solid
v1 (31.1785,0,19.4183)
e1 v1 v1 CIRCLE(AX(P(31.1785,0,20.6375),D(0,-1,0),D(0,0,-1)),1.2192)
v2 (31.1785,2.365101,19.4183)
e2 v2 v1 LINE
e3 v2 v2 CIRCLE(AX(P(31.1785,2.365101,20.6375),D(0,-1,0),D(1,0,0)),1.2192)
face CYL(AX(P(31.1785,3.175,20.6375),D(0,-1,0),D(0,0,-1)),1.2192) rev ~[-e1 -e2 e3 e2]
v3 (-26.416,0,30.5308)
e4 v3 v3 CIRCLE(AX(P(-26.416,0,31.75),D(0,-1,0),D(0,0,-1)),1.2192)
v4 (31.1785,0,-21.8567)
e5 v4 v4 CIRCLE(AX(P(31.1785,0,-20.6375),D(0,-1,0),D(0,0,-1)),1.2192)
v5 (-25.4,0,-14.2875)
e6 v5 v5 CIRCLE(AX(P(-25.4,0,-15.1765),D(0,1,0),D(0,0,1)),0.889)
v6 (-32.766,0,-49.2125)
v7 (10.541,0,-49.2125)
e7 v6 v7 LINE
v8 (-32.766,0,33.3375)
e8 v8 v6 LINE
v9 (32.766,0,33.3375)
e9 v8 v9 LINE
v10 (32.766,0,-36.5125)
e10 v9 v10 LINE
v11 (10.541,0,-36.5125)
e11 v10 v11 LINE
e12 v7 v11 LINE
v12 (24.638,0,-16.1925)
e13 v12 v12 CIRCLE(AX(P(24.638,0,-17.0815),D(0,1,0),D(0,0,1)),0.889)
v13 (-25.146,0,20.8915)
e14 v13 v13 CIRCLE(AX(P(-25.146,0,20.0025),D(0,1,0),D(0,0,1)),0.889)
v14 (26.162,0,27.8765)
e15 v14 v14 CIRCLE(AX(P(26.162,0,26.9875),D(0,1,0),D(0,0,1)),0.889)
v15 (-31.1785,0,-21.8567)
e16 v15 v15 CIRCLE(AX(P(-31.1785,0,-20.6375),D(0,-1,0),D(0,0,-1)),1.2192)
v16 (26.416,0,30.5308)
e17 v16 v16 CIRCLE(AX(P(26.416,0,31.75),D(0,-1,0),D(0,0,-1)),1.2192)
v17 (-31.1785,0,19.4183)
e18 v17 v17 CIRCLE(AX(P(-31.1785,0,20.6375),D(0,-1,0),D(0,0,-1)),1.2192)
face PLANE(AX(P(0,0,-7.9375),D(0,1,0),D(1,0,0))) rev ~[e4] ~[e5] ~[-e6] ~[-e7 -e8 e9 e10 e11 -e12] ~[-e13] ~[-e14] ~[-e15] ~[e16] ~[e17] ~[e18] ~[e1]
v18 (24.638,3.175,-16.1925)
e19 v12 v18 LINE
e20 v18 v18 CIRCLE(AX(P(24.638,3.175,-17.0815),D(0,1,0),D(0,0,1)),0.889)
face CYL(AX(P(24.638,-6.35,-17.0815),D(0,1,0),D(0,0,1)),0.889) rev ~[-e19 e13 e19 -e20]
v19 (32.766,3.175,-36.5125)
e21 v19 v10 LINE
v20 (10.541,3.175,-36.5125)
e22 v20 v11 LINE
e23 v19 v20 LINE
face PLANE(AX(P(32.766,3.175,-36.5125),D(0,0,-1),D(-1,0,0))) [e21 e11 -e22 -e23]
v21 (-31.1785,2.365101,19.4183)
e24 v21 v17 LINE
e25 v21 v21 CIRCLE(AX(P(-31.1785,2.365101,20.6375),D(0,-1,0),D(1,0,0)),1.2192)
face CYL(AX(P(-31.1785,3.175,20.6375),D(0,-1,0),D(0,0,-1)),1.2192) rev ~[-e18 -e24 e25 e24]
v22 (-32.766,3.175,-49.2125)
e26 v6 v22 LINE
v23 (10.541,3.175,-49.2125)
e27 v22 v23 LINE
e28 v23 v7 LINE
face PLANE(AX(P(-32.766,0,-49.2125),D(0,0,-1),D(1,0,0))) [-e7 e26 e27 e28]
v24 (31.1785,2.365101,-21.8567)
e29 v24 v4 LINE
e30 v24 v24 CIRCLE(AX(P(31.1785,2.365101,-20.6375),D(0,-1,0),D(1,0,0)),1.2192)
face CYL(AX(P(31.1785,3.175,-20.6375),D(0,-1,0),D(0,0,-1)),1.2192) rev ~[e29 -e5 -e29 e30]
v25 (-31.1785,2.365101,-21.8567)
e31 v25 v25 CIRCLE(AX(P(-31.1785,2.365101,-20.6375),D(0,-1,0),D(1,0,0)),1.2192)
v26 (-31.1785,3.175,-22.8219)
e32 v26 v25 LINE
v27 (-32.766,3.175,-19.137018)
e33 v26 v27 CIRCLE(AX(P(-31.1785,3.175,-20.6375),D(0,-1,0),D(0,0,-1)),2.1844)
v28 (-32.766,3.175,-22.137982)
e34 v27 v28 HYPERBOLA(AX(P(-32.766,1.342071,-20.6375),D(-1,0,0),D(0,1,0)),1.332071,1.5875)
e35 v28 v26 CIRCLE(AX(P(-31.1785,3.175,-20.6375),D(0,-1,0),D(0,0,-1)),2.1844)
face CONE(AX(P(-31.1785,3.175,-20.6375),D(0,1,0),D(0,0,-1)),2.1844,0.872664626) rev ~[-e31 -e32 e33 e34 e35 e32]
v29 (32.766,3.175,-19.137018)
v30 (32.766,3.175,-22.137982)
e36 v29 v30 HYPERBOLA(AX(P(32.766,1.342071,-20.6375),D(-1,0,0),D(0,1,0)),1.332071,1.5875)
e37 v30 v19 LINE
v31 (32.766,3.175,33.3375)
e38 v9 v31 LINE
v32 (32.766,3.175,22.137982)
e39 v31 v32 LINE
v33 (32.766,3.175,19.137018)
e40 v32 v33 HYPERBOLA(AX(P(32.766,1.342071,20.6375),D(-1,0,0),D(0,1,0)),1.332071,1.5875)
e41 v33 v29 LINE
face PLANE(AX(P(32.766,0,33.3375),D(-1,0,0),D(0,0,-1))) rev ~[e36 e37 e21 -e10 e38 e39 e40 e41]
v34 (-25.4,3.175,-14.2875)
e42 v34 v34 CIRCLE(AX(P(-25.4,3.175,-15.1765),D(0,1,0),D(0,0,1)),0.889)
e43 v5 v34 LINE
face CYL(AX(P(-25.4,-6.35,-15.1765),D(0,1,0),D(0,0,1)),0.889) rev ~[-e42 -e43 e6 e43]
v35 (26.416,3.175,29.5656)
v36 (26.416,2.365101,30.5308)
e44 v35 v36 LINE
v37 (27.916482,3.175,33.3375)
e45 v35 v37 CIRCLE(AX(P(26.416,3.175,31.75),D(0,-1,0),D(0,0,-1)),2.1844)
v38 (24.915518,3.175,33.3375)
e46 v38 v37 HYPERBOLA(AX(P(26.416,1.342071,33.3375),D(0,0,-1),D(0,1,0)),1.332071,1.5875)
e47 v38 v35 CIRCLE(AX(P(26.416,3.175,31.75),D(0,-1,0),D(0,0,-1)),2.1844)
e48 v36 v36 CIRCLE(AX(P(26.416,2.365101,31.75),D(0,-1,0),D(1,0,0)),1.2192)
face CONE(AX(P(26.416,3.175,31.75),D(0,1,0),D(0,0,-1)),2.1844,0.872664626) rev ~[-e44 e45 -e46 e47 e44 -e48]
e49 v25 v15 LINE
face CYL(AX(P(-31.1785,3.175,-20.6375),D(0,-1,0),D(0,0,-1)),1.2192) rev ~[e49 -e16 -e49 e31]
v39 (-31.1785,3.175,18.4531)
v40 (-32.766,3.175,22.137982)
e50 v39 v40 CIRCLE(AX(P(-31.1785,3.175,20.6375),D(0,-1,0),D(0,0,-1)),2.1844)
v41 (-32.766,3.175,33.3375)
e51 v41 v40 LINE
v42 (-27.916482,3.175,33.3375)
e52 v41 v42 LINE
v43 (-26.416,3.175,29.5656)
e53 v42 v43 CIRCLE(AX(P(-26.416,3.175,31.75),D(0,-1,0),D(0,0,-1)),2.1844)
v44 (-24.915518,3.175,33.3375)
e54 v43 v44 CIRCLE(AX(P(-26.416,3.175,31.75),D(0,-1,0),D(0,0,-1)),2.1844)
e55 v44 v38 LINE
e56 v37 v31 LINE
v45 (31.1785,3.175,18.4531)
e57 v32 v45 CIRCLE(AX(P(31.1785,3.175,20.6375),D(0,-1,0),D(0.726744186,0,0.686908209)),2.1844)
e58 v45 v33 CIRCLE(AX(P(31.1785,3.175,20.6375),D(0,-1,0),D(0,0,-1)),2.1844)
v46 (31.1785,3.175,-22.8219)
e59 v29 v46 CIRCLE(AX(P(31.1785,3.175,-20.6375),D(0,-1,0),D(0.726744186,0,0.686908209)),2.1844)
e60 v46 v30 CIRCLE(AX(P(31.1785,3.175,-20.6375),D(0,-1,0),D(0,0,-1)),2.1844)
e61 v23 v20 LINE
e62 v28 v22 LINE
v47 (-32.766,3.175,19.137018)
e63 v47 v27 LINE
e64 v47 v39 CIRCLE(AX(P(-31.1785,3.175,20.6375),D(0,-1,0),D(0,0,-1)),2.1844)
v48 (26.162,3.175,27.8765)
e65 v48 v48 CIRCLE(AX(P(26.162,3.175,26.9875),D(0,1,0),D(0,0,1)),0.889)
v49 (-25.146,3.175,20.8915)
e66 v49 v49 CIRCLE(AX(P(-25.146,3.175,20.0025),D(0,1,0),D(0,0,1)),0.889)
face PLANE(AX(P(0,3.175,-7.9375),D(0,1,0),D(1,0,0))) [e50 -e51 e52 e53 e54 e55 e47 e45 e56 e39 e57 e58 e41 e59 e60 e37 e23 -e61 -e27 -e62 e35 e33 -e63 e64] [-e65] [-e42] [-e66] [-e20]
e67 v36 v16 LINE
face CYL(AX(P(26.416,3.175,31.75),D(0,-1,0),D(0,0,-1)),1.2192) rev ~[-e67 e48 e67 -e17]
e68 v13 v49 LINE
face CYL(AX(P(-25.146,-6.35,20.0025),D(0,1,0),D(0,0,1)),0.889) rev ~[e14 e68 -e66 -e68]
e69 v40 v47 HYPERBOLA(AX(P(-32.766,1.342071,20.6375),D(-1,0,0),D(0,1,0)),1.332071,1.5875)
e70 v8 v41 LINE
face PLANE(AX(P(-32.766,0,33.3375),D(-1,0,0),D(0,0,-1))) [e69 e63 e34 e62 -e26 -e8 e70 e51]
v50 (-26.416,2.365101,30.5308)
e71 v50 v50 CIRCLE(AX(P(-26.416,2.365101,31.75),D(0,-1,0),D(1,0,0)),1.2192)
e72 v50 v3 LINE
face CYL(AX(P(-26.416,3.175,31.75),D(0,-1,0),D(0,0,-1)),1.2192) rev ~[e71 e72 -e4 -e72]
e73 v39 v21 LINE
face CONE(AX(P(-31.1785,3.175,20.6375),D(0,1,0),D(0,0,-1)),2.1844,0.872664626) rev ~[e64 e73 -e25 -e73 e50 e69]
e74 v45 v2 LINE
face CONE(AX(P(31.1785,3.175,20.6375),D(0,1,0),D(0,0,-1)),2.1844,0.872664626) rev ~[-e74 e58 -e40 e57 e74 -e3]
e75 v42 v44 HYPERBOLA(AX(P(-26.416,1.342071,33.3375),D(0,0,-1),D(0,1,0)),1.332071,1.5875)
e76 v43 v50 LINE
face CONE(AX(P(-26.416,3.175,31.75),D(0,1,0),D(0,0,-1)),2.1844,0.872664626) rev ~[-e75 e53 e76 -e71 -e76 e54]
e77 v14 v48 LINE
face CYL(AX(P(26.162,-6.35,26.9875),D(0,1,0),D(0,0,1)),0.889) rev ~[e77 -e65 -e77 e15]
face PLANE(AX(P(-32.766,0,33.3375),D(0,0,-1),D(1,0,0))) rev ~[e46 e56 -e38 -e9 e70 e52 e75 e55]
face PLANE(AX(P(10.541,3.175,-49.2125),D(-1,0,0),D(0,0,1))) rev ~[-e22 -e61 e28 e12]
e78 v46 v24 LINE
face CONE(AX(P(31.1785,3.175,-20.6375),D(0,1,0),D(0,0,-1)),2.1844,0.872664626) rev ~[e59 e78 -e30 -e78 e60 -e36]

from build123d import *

# Parameters (mm, degrees)
SKETCH1_W                                         = 65.532
SKETCH1_H                                         = 82.55
EXTRUDE1_DEPTH                                    = 3.175
CSK_FOR_2_FLAT_HEAD_MACHINE_SCREW_100_D           = 2.4384
CSK_FOR_2_FLAT_HEAD_MACHINE_SCREW_100_CSINK_D     = 4.3688
CSK_FOR_2_FLAT_HEAD_MACHINE_SCREW_100_CSINK_ANGLE = 100
SKETCH3_W                                         = 22.225
SKETCH3_H                                         = 12.7
CUT_EXTRUDE1_DEPTH                                = 4.175
TAP_DRILL_FOR_2_TAP1_D                            = 1.778
TAP_DRILL_FOR_2_TAP1_DEPTH                        = 6.35
TAP_DRILL_FOR_2_TAP1_TIP                          = 0.53416509


with BuildPart() as part:
    # Sketch1 → Extrude1 (new body)
    with BuildSketch(Plane(origin=(0, 0, 0), x_dir=(1, 0, 0), z_dir=(0, 1, 0))):
        with Locations((0, 7.9375)):
            Rectangle(SKETCH1_W, SKETCH1_H)
    extrude(amount=EXTRUDE1_DEPTH)

    # CSK for #2 Flat Head Machine Screw (100)1 (through all)
    with Locations(Plane(origin=(-26.416, 3.175, 31.75), x_dir=(0, 0, 1), z_dir=(0, 1, 0))):
        with Locations((0, 0), (0, 52.832), (-52.387499988, -4.7625), (-11.1125, -4.7625), (-52.3875, 57.5945), (-11.1125, 57.5945)):
            CounterSinkHole(CSK_FOR_2_FLAT_HEAD_MACHINE_SCREW_100_D / 2, CSK_FOR_2_FLAT_HEAD_MACHINE_SCREW_100_CSINK_D / 2, counter_sink_angle=CSK_FOR_2_FLAT_HEAD_MACHINE_SCREW_100_CSINK_ANGLE)

    # Sketch3 → Cut-Extrude1 (cut, through all)
    with BuildSketch(Plane(origin=(0, 3.175, 0), x_dir=(-1, 0, 0), z_dir=(0, 1, 0))):
        with Locations((-21.6535, -42.8625)):
            Rectangle(SKETCH3_W, SKETCH3_H)
    extrude(amount=-CUT_EXTRUDE1_DEPTH, mode=Mode.SUBTRACT)

    # Tap Drill for #2 Tap1
    with Locations(Plane(origin=(24.638, 0, -17.0815), x_dir=(0, 0, -1), z_dir=(0, -1, 0))):
        with Locations((0, 0), (-1.905, -50.038), (-37.084, -49.784), (-44.069, 1.524)):
            Hole(TAP_DRILL_FOR_2_TAP1_D / 2, depth=TAP_DRILL_FOR_2_TAP1_DEPTH)
            with Locations((0, 0, -(TAP_DRILL_FOR_2_TAP1_DEPTH + TAP_DRILL_FOR_2_TAP1_TIP / 2))):  # 118° drill point
                Cone(0, TAP_DRILL_FOR_2_TAP1_D / 2, TAP_DRILL_FOR_2_TAP1_TIP, mode=Mode.SUBTRACT)


solid = part.part
